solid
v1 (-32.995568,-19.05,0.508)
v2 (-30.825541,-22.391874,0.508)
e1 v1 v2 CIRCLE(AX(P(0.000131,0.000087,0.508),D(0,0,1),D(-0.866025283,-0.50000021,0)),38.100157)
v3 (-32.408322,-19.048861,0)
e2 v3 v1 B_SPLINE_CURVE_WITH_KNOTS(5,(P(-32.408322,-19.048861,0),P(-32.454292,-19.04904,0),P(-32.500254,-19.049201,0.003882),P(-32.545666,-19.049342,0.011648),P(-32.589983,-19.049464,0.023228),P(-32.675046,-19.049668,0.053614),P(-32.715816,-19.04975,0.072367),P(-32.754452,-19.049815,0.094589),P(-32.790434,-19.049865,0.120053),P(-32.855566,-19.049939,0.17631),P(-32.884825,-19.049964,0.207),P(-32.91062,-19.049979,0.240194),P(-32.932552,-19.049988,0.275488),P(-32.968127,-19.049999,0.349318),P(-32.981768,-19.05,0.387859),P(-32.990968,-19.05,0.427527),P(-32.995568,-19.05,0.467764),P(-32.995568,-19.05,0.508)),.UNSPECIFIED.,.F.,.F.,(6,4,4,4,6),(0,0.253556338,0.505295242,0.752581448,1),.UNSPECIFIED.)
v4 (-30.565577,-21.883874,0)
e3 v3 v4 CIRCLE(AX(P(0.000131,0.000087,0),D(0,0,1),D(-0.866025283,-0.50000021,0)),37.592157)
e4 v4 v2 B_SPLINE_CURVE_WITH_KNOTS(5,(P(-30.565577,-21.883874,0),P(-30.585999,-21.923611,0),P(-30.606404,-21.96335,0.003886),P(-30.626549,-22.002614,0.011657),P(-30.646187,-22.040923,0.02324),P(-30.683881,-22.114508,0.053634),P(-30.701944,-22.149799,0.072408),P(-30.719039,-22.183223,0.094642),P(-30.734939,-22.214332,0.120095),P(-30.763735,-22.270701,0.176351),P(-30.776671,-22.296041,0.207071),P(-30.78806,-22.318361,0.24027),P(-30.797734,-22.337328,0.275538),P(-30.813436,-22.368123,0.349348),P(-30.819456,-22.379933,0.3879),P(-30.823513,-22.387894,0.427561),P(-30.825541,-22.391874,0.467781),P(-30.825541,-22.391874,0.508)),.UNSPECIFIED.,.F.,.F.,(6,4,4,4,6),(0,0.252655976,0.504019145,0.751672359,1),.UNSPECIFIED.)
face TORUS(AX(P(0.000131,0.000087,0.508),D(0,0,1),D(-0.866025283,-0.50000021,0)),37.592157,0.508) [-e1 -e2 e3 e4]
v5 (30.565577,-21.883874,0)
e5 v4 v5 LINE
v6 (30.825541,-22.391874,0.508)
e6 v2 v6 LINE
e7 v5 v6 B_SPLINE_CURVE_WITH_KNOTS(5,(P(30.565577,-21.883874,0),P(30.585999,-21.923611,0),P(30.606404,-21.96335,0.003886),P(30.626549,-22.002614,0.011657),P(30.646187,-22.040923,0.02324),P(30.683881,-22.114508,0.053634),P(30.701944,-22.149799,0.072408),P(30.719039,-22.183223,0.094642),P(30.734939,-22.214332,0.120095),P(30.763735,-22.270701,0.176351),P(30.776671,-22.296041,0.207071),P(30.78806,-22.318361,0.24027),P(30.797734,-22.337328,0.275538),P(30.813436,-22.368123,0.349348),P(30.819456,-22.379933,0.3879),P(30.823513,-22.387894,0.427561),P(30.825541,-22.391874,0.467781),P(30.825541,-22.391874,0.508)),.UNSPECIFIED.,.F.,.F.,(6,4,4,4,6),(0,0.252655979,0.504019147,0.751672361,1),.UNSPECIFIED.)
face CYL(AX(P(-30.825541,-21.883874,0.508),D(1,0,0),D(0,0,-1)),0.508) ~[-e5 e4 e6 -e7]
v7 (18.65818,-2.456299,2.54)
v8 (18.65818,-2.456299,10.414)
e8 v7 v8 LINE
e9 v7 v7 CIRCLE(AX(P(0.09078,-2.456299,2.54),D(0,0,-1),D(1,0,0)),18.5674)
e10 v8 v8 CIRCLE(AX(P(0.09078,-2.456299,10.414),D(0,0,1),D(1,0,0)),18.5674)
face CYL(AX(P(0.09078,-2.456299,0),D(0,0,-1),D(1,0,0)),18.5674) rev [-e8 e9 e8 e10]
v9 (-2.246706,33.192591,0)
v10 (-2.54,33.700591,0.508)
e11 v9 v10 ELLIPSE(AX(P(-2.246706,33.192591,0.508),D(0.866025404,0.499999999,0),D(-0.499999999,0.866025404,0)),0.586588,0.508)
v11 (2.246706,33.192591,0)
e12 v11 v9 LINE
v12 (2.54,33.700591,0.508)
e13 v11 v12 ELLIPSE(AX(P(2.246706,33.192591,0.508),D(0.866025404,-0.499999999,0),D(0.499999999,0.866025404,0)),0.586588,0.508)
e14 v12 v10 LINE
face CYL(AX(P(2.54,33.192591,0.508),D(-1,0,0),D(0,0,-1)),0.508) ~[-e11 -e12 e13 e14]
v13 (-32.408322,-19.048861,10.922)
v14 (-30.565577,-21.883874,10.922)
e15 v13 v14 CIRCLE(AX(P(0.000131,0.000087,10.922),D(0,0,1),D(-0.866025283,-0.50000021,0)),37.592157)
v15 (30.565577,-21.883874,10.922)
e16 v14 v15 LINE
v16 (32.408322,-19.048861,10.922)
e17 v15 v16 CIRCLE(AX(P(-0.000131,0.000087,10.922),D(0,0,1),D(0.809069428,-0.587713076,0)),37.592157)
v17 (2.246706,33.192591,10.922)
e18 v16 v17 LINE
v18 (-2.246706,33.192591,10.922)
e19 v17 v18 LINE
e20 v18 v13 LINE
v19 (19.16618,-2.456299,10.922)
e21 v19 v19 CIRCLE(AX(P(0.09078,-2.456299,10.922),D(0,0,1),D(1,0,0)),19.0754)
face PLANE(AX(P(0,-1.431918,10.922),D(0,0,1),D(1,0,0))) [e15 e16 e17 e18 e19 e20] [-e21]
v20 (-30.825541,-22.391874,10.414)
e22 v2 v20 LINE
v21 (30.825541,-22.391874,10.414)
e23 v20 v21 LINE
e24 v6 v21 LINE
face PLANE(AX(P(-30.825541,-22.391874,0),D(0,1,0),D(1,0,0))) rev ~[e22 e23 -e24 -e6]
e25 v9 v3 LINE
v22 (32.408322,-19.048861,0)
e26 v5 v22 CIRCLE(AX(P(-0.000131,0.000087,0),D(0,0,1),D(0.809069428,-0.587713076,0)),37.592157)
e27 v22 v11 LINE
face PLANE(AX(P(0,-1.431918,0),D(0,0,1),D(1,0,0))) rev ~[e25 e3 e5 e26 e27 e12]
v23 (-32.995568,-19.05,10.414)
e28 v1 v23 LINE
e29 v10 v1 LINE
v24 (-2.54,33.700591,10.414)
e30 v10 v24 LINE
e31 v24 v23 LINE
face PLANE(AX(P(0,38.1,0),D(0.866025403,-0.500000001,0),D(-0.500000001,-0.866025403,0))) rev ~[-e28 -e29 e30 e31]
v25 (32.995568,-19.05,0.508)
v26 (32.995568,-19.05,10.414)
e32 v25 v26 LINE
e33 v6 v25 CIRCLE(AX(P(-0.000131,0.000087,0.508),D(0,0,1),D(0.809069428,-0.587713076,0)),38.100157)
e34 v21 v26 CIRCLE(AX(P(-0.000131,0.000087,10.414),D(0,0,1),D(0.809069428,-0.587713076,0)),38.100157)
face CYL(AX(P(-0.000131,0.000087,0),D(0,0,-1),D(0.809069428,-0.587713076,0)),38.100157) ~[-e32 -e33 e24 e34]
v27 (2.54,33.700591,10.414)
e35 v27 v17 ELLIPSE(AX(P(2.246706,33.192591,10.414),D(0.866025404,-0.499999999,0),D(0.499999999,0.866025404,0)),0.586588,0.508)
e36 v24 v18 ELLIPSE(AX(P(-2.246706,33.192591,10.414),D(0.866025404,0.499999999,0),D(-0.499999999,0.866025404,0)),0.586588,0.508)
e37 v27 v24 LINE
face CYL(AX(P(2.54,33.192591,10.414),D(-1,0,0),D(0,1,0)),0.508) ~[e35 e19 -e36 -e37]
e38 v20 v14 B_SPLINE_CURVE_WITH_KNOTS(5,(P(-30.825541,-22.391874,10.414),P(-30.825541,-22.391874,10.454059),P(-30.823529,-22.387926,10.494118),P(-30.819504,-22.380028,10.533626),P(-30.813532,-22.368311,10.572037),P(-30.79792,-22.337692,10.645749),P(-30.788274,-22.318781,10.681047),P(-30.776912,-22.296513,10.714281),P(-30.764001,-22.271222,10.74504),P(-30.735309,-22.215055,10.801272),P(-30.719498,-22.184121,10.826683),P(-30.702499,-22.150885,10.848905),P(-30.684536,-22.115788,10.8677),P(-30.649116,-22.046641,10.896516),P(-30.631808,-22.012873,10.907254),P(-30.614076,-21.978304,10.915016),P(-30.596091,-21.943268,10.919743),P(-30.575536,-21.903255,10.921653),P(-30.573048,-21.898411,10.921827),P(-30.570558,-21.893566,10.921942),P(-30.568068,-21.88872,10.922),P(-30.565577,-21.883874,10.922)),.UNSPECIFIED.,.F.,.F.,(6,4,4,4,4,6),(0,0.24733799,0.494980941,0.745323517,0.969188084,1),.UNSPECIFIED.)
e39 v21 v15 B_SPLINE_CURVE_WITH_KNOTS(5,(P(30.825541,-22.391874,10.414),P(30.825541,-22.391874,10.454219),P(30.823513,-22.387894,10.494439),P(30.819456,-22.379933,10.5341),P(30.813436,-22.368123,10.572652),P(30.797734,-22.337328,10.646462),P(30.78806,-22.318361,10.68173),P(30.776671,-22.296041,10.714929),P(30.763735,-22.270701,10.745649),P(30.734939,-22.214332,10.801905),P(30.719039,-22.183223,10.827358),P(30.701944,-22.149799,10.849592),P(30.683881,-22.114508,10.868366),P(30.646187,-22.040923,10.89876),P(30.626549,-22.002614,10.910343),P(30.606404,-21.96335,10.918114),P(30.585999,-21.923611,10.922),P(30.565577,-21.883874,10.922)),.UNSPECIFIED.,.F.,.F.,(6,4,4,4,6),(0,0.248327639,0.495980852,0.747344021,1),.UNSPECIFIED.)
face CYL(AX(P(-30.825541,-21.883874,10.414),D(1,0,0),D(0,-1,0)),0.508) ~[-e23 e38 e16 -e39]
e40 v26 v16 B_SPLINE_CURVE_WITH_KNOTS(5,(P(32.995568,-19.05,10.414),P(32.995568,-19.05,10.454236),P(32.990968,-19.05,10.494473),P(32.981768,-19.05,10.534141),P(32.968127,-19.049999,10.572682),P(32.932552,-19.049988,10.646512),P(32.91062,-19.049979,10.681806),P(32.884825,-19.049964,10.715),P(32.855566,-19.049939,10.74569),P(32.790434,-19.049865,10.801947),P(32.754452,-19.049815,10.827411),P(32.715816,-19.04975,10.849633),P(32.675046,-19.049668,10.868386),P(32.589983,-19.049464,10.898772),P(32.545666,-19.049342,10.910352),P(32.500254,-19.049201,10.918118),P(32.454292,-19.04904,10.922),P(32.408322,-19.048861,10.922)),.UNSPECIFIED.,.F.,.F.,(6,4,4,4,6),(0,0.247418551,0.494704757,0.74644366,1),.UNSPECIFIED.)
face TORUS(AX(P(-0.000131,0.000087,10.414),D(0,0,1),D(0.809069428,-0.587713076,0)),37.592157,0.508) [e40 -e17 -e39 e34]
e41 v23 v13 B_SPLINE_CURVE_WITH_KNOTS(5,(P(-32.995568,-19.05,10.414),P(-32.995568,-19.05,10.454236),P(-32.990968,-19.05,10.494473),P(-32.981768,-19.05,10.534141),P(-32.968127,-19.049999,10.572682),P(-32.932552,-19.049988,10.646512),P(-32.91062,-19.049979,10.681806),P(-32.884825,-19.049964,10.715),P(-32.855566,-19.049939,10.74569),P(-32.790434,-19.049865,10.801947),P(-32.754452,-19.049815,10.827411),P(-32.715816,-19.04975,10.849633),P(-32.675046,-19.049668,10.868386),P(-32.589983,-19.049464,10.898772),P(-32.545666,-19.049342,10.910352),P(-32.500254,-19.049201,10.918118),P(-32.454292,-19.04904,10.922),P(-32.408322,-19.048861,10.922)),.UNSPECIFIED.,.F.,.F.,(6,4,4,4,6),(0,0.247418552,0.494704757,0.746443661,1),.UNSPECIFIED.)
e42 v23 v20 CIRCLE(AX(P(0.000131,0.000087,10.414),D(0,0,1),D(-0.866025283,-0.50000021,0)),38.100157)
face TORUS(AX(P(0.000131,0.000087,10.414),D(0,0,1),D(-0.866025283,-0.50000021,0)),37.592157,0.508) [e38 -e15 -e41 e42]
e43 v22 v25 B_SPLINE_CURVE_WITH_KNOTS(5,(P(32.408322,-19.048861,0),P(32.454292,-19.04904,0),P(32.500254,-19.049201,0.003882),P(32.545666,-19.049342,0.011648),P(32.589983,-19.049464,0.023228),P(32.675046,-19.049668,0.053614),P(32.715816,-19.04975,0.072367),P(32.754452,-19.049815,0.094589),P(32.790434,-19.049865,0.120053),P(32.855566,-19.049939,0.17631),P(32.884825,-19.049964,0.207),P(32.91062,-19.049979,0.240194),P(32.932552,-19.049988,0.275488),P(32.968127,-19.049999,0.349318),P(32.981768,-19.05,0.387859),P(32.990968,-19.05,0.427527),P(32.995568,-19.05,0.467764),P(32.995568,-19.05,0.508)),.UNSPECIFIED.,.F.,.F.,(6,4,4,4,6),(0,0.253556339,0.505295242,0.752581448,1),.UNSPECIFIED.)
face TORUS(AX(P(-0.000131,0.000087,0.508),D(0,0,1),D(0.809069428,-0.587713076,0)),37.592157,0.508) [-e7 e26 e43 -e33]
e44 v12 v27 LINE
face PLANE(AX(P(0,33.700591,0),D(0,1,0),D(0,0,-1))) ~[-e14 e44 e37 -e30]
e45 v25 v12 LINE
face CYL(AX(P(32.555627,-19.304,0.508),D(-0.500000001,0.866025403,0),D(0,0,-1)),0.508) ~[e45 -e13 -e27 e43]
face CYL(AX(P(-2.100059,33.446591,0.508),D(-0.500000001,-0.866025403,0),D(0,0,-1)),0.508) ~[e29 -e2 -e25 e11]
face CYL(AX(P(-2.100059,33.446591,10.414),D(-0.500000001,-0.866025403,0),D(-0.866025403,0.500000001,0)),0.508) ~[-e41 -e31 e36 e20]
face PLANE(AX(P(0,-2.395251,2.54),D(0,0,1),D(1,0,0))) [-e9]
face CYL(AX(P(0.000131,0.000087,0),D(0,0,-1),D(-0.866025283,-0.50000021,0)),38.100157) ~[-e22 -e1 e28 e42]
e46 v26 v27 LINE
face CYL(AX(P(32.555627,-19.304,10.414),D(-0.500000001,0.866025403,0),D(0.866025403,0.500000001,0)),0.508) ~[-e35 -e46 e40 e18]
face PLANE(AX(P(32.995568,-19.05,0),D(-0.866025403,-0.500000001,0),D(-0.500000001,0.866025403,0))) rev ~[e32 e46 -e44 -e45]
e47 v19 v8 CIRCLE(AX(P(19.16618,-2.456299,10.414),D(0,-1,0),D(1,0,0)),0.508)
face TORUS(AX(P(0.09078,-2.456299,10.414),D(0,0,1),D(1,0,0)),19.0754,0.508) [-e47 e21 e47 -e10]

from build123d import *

# Parameters (mm, degrees)
F0_R     = 18.5674
F1_DEPTH = 10.922
F2_R     = 19.685
F3_DEPTH = 2.54
F4_SIZE  = 5.08
F5_R     = 0.508


with BuildPart() as f1:
    # F0 (on Top) → F1 (new body)
    with BuildSketch(Plane.XY):
        with BuildLine():
            Line((32.995568, -19.05), (0, 38.1))
            Line((0, 38.1), (-32.995568, -19.05))
            ThreePointArc((-32.995568, -19.05), (-31.954272, -20.749325), (-30.825541, -22.391874))
            Line((-30.825541, -22.391874), (30.825541, -22.391874))
            ThreePointArc((30.825541, -22.391874), (31.954272, -20.749325), (32.995568, -19.05))
        make_face()
        with Locations((0.09078, -2.456299)):
            Circle(F0_R, mode=Mode.SUBTRACT)
    extrude(amount=F1_DEPTH)

    # F2 (on Top) → F3 (join)
    with BuildSketch(Plane.XY):
        with Locations((0, -2.395251)):
            Circle(F2_R)
    extrude(amount=F3_DEPTH)

    # F4
    f4_edges = [f1.edges().sort_by_distance(p)[0] for p in [
        (0, 38.1, 5.461),
    ]]
    chamfer(f4_edges, length=F4_SIZE)

    # F5
    f5_edges = [f1.edges().sort_by_distance(p)[0] for p in [
        (17.767784, 7.325295, 10.922),
        (0, 33.700591, 10.922),
        (31.954272, -20.749325, 10.922),
        (-17.767784, 7.325295, 10.922),
        (0, -22.391874, 10.922),
        (-31.954272, -20.749325, 10.922),
        (-18.47662, -2.456299, 10.922),
        (17.767784, 7.325295, 0),
        (0, 33.700591, 0),
        (31.954272, -20.749325, 0),
        (-17.767784, 7.325295, 0),
        (0, -22.391874, 0),
        (-31.954272, -20.749325, 0),
    ]]
    fillet(f5_edges, radius=F5_R)


solid = f1.part
